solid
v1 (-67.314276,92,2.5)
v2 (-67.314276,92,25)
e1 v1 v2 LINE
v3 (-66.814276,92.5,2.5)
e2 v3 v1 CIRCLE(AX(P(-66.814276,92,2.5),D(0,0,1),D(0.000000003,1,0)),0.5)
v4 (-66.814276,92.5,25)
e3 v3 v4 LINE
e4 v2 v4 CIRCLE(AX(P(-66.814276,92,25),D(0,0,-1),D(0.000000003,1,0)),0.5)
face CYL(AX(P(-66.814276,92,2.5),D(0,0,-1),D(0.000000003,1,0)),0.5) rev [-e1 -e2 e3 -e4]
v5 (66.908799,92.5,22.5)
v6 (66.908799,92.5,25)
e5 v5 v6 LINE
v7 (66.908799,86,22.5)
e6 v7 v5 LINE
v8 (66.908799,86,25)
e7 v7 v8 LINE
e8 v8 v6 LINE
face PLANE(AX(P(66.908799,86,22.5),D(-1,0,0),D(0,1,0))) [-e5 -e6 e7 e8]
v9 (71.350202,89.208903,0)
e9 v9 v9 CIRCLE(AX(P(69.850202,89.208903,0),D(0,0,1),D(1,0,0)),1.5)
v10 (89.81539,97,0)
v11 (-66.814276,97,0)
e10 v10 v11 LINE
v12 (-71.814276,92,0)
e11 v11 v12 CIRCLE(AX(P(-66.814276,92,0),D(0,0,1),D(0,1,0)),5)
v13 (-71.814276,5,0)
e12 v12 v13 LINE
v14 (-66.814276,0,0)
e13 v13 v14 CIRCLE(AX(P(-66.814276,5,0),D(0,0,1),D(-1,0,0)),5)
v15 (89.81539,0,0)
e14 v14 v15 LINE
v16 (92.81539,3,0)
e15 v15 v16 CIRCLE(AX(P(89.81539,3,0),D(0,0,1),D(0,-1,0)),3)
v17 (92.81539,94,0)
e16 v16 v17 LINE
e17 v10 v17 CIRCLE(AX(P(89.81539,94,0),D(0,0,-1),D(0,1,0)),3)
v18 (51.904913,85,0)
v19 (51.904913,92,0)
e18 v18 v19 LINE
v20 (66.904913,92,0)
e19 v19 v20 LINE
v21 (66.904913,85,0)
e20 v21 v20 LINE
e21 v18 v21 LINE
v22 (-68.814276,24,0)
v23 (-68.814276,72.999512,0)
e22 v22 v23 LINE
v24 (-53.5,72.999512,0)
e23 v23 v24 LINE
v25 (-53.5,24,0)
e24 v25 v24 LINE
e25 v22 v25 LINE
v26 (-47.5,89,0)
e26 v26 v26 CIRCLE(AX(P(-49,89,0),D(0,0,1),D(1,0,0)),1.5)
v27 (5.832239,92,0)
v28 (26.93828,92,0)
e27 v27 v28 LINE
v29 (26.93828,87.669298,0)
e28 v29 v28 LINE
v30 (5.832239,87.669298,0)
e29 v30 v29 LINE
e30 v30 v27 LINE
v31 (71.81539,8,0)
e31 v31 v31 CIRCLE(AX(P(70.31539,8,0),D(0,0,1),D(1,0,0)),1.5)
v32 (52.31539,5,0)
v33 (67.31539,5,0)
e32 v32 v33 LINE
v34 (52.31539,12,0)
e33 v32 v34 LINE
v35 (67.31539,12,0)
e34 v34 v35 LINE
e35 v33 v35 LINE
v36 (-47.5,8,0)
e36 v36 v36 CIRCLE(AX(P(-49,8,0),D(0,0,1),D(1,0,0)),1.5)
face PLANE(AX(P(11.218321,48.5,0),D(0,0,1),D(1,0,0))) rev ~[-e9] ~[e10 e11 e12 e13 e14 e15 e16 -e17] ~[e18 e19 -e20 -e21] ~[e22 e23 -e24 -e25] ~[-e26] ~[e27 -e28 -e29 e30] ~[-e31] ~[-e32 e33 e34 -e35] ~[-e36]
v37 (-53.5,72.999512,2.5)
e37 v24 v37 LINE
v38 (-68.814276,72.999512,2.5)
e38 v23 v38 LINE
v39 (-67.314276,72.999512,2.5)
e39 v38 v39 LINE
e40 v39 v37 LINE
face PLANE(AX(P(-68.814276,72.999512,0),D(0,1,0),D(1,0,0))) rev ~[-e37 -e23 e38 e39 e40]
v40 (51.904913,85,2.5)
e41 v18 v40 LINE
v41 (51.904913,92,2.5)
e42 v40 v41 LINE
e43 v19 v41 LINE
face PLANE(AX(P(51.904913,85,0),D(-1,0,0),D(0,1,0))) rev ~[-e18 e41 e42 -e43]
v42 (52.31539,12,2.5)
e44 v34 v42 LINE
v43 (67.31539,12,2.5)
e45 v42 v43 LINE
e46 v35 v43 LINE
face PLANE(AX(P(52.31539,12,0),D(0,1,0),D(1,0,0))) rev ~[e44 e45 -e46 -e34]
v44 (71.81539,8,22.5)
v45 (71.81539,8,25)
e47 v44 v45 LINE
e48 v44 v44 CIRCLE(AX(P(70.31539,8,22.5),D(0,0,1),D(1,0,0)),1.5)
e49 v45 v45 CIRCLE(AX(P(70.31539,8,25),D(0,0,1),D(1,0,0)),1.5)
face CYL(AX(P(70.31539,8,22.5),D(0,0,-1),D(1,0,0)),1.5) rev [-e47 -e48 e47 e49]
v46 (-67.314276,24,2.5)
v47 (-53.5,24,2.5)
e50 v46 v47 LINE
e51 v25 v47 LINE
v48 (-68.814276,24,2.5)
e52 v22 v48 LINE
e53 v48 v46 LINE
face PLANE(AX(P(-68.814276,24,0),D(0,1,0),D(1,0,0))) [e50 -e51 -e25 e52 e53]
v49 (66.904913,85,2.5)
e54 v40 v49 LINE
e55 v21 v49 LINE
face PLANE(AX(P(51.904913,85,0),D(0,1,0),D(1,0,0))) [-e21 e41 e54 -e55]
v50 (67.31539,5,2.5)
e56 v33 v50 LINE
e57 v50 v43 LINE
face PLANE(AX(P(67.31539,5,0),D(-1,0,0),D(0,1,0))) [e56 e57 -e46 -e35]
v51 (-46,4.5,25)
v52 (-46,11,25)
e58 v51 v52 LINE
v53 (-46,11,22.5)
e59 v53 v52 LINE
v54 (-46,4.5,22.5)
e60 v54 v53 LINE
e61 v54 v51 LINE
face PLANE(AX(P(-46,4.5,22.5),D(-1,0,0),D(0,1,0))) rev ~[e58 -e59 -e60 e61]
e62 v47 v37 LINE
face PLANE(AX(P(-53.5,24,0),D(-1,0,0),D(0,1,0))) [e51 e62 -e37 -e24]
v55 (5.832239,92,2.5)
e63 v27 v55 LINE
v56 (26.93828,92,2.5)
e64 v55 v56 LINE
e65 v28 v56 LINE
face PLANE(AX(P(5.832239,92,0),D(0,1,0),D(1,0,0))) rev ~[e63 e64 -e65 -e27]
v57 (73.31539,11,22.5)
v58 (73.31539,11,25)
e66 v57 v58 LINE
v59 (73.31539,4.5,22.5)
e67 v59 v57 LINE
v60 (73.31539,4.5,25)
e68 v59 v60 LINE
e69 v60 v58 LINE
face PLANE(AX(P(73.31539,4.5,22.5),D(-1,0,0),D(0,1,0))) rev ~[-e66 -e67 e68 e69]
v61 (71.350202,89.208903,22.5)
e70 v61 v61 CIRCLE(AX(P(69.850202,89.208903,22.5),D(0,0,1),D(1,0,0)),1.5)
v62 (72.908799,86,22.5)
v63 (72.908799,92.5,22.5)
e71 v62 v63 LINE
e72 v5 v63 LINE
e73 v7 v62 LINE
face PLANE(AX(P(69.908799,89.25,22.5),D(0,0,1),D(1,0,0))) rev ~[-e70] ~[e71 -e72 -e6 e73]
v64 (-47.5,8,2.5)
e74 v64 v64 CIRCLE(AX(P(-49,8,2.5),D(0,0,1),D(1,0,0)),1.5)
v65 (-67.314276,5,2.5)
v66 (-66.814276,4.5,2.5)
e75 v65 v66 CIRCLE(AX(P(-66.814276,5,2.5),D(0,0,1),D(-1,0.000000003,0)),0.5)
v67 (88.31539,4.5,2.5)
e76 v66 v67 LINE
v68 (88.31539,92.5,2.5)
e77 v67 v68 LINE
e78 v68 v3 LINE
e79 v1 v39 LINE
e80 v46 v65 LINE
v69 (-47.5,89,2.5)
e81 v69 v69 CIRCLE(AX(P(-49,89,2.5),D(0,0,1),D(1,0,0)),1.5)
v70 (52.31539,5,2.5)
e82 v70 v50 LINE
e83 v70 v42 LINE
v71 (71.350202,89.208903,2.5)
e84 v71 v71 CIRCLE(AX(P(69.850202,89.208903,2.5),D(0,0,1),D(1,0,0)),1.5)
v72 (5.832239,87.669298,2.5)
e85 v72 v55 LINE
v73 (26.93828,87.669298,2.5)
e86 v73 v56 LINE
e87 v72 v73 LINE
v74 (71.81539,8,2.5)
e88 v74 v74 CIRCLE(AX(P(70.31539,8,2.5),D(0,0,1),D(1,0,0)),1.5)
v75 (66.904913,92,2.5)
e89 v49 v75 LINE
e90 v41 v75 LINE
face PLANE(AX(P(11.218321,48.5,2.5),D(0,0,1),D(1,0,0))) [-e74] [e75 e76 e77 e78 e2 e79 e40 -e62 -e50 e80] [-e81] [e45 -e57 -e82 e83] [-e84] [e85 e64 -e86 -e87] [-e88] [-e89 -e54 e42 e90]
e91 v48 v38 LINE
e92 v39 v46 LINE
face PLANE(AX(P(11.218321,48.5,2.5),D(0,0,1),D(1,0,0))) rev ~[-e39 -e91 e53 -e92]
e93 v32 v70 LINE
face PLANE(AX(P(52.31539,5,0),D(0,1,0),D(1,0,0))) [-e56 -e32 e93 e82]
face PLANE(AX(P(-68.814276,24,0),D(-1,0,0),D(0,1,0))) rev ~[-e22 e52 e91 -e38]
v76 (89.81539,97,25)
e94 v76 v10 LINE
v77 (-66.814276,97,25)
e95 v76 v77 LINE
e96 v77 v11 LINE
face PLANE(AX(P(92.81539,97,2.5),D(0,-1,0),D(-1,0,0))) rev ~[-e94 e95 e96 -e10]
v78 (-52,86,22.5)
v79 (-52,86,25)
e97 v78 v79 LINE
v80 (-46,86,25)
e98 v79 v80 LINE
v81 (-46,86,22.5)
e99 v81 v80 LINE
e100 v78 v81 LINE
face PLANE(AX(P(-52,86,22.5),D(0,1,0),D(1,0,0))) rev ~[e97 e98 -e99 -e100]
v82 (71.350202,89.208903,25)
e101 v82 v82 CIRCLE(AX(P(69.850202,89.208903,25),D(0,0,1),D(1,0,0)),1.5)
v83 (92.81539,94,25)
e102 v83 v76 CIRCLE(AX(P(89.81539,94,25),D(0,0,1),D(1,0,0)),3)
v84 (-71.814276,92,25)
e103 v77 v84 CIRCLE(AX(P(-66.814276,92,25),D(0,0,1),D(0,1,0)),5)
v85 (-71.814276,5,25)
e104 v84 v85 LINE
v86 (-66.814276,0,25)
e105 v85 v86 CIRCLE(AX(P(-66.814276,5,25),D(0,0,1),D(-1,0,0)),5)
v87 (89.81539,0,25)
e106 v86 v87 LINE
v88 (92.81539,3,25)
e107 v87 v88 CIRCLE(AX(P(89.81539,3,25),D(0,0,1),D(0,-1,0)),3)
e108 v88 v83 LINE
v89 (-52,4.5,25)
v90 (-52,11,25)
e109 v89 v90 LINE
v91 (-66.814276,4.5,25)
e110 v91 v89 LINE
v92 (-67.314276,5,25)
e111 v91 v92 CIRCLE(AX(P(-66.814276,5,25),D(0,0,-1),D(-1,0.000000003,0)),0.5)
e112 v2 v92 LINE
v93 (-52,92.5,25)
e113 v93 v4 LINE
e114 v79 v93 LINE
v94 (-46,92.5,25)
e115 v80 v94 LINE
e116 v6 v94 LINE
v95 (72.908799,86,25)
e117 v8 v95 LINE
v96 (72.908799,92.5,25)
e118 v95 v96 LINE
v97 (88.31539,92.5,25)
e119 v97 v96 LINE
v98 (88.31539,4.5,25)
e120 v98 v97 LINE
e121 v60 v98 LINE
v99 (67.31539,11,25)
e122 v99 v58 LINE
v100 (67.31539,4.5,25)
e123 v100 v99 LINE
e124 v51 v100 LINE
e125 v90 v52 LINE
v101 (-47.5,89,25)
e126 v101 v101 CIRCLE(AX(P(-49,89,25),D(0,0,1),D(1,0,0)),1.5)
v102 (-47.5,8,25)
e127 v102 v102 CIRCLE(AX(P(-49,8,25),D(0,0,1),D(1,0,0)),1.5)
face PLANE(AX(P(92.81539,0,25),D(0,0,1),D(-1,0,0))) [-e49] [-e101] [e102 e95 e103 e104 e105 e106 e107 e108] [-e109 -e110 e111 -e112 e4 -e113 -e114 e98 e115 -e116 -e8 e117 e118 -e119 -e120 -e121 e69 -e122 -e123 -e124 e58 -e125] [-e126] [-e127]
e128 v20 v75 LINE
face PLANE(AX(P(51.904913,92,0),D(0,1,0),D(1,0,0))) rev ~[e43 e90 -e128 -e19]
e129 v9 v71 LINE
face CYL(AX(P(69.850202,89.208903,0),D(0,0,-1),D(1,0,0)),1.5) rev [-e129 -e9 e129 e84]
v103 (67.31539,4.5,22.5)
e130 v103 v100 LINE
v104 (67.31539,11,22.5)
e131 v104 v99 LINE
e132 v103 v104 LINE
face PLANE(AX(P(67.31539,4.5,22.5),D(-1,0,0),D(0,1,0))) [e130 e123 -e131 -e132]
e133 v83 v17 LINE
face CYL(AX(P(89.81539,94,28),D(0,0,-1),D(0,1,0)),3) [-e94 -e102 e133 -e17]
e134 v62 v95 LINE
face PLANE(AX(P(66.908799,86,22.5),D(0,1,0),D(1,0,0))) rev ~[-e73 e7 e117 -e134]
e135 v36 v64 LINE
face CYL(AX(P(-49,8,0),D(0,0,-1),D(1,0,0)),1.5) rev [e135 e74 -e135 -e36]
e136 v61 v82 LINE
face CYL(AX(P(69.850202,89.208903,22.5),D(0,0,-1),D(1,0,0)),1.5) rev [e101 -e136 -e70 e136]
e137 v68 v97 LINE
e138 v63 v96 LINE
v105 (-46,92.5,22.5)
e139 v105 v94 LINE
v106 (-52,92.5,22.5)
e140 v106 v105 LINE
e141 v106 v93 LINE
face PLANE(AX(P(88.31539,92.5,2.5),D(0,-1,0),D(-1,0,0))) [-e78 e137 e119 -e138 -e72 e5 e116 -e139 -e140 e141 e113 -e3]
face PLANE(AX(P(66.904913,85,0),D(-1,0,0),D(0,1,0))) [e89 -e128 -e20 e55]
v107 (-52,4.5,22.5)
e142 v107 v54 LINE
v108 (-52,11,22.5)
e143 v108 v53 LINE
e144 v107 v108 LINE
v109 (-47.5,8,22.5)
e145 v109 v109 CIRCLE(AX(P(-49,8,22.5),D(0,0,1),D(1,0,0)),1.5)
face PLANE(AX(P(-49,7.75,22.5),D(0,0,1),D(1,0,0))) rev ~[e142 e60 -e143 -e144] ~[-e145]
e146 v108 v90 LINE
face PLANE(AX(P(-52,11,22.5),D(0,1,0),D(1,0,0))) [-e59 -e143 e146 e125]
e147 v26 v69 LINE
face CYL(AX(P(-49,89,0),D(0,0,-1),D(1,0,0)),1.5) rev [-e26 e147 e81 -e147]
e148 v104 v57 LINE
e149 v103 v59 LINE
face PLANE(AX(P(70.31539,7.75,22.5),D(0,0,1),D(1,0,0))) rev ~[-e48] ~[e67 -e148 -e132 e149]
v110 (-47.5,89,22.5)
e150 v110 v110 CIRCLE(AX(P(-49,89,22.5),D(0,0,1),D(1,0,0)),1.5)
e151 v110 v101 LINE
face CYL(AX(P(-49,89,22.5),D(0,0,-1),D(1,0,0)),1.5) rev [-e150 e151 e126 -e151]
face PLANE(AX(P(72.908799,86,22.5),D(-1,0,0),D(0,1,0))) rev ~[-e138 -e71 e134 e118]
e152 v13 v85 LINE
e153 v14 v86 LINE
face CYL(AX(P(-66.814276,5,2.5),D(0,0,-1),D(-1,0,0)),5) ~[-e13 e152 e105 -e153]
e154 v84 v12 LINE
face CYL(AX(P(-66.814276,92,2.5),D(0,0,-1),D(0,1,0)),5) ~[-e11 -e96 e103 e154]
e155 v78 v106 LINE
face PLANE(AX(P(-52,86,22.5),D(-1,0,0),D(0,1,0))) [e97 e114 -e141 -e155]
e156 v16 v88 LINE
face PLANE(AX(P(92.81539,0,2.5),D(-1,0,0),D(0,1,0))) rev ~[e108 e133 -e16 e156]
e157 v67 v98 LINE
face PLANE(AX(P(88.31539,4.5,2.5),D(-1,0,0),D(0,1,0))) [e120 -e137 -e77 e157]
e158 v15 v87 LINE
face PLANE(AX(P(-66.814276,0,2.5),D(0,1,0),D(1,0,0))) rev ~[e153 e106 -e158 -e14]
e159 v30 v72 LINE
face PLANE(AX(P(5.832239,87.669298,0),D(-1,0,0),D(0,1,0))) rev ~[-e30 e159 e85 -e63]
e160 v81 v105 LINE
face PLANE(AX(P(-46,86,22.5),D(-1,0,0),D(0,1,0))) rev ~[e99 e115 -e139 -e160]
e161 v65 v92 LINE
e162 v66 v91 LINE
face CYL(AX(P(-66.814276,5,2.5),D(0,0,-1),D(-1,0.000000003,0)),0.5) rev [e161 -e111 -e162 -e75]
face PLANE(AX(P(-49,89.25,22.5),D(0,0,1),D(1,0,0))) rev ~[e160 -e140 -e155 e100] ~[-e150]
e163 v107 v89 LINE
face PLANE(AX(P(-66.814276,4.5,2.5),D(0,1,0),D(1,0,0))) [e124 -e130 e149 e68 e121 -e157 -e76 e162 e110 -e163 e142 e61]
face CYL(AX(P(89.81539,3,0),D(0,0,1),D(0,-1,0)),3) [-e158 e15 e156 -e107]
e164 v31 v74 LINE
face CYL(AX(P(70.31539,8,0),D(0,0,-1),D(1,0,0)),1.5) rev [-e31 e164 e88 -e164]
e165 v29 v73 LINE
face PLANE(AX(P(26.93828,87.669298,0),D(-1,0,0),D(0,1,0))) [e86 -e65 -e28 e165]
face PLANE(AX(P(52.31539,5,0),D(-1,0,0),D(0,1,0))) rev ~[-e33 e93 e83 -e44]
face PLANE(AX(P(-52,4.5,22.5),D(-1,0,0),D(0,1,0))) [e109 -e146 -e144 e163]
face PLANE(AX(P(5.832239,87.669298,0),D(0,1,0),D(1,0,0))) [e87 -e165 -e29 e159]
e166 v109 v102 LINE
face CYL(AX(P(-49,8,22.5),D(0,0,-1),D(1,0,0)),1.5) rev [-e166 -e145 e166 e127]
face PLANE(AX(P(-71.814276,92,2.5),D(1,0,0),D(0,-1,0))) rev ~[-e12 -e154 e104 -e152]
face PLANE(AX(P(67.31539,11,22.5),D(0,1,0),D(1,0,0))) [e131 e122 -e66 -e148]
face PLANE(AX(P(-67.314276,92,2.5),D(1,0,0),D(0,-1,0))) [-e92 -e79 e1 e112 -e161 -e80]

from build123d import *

# Parameters (mm, degrees)
CROQUIS1_W              = 15
CROQUIS1_H              = 7
CROQUIS1_W_2            = 21.106040847
CROQUIS1_H_2            = 4.330702007
CROQUIS1_R              = 1.5
CROQUIS1_W_3            = 15.314275766
CROQUIS1_H_3            = 48.999512223
SALIENTE_EXTRUIR1_DEPTH = 2.5
SALIENTE_EXTRUIR2_DEPTH = 25.5
SALIENTE_EXTRUIR3_REACH = 135.996
CROQUIS3_W              = 155.129666141
CROQUIS3_H              = 2
REDONDEO1_R             = 3
REDONDEO2_R             = 3
CROQUIS6_W              = 172.033889696
CROQUIS6_H              = 4.948845102
CORTAR_EXTRUIR3_DEPTH   = 114.5
SALIENTE_EXTRUIR4_START = -2.5
CROQUIS7_W              = 6
CROQUIS7_H              = 6.5
CROQUIS7_R              = 1.5
SALIENTE_EXTRUIR4_DEPTH = 2.5


with BuildPart() as part:
    # Croquis1 → Saliente-Extruir1 (new body)
    with BuildSketch(Plane.XY):
        with BuildLine():
            Line((92.815390375, 97), (-66.814275766, 97))
            ThreePointArc((-66.814275766, 97), (-70.349809672, 95.535533906), (-71.814275766, 92))
            Line((-71.814275766, 92), (-71.814275766, 5))
            ThreePointArc((-71.814275766, 5), (-70.349809672, 1.464466094), (-66.814275766, 0))
            Line((-66.814275766, 0), (92.815390375, 0))
            Line((92.815390375, 0), (92.815390375, 97))
        make_face()
        with Locations((59.815390375, 8.5)):
            Rectangle(CROQUIS1_W, CROQUIS1_H, mode=Mode.SUBTRACT)
        with Locations((16.385259295, 89.834648996)):
            Rectangle(CROQUIS1_W_2, CROQUIS1_H_2, mode=Mode.SUBTRACT)
        with Locations((59.404912693, 88.5)):
            Rectangle(CROQUIS1_W, CROQUIS1_H, mode=Mode.SUBTRACT)
        with Locations((-49, 8)):
            Circle(CROQUIS1_R, mode=Mode.SUBTRACT)
        with Locations((-61.157137883, 48.499756112)):
            Rectangle(CROQUIS1_W_3, CROQUIS1_H_3, mode=Mode.SUBTRACT)
        with Locations((70.315390375, 8)):
            Circle(CROQUIS1_R, mode=Mode.SUBTRACT)
        with Locations((-49, 89)):
            Circle(CROQUIS1_R, mode=Mode.SUBTRACT)
        with Locations((69.850202166, 89.208902584)):
            Circle(CROQUIS1_R, mode=Mode.SUBTRACT)
    extrude(amount=SALIENTE_EXTRUIR1_DEPTH)

    # Croquis2 → Saliente-Extruir2 (add)
    with BuildSketch(Plane.XY.offset(2.5)):
        with BuildLine():
            Line((-71.814275766, 92), (-71.814275766, 5))
            ThreePointArc((-71.814275766, 5), (-70.349809672, 1.464466094), (-66.814275766, 0))
            Line((-66.814275766, 0), (92.815390375, 0))
            Line((92.815390375, 0), (92.815390375, 97))
            Line((92.815390375, 97), (-66.814275766, 97))
            ThreePointArc((-66.814275766, 97), (-70.349809672, 95.535533906), (-71.814275766, 92))
        make_face()
        with BuildLine():
            Line((-67.314275766, 92), (-67.314275766, 5))
            ThreePointArc((-67.314275766, 5), (-67.167829157, 4.646446609), (-66.814275766, 4.5))
            Line((-66.814275766, 4.5), (88.315390375, 4.5))
            Line((88.315390375, 4.5), (88.315390375, 92.5))
            Line((88.315390375, 92.5), (-66.814275766, 92.5))
            ThreePointArc((-66.814275766, 92.5), (-67.167829157, 92.353553391), (-67.314275766, 92))
        make_face(mode=Mode.SUBTRACT)
    extrude(amount=SALIENTE_EXTRUIR2_DEPTH)

    # Croquis3 → Saliente-Extruir3 (add, up to next)
    with BuildSketch(Plane(origin=(0, 4.5, 0), x_dir=(1, 0, 0), z_dir=(0, 1, 0)), mode=Mode.PRIVATE) as saliente_extruir3_sk1:
        with Locations((10.750557304, -27)):
            Rectangle(CROQUIS3_W, CROQUIS3_H)
    saliente_extruir3_tool1 = extrude(saliente_extruir3_sk1.sketch, amount=SALIENTE_EXTRUIR3_REACH, mode=Mode.PRIVATE) - part.part
    add(saliente_extruir3_tool1.solids().sort_by_distance((10.750557, 4.5, 27))[0])

    # Redondeo1
    redondeo1_edges = [part.edges().sort_by_distance(p)[0] for p in [
        (92.815390375, 97, 14),
        (92.815390375, 0, 14),
    ]]
    fillet(redondeo1_edges, radius=REDONDEO1_R)

    # Redondeo2
    redondeo2_edges = [part.edges().sort_by_distance(p)[0] for p in [
        (92.815390375, 48.5, 28),
        (11.500557304, 97, 28),
        (91.936710719, 96.121320344, 28),
        (91.936710719, 0.878679656, 28),
        (-70.349809672, 95.535533906, 28),
        (-71.814275766, 48.5, 28),
        (-70.349809672, 1.464466094, 28),
        (11.500557304, 0, 28),
    ]]
    fillet(redondeo2_edges, radius=REDONDEO2_R)

    # Croquis6 → Cortar-Extruir3 (cut)
    with BuildSketch(Plane(origin=(0, 0, 0), x_dir=(-1, 0, 0), z_dir=(0, -1, 0))):
        with Locations((-6.798445527, -27.474422551)):
            Rectangle(CROQUIS6_W, CROQUIS6_H)
    extrude(amount=-CORTAR_EXTRUIR3_DEPTH, mode=Mode.SUBTRACT)

    # Croquis7 → Saliente-Extruir4 (add)
    # profile 1 of 4: a face of its own
    with BuildSketch(Plane.XY.offset(25).offset(SALIENTE_EXTRUIR4_START)):
        with Locations((69.908799209, 89.25)):
            Rectangle(CROQUIS7_W, CROQUIS7_H)
        with Locations((69.850202166, 89.208902584)):
            Circle(CROQUIS7_R, mode=Mode.SUBTRACT)
    # profile 2 of 4: a face of its own
    with BuildSketch(Plane.XY.offset(25).offset(SALIENTE_EXTRUIR4_START)):
        with Locations((-49, 89.25)):
            Rectangle(CROQUIS7_W, CROQUIS7_H)
        with Locations((-49, 89)):
            Circle(CROQUIS7_R, mode=Mode.SUBTRACT)
    # profile 3 of 4: a face of its own
    with BuildSketch(Plane.XY.offset(25).offset(SALIENTE_EXTRUIR4_START)):
        with Locations((70.315390375, 7.75)):
            Rectangle(CROQUIS7_W, CROQUIS7_H)
        with Locations((70.315390375, 8)):
            Circle(CROQUIS7_R, mode=Mode.SUBTRACT)
    # profile 4 of 4: a face of its own
    with BuildSketch(Plane.XY.offset(25).offset(SALIENTE_EXTRUIR4_START)):
        with Locations((-49, 7.75)):
            Rectangle(CROQUIS7_W, CROQUIS7_H)
        with Locations((-49, 8)):
            Circle(CROQUIS7_R, mode=Mode.SUBTRACT)
    extrude(amount=SALIENTE_EXTRUIR4_DEPTH)


solid = part.part
